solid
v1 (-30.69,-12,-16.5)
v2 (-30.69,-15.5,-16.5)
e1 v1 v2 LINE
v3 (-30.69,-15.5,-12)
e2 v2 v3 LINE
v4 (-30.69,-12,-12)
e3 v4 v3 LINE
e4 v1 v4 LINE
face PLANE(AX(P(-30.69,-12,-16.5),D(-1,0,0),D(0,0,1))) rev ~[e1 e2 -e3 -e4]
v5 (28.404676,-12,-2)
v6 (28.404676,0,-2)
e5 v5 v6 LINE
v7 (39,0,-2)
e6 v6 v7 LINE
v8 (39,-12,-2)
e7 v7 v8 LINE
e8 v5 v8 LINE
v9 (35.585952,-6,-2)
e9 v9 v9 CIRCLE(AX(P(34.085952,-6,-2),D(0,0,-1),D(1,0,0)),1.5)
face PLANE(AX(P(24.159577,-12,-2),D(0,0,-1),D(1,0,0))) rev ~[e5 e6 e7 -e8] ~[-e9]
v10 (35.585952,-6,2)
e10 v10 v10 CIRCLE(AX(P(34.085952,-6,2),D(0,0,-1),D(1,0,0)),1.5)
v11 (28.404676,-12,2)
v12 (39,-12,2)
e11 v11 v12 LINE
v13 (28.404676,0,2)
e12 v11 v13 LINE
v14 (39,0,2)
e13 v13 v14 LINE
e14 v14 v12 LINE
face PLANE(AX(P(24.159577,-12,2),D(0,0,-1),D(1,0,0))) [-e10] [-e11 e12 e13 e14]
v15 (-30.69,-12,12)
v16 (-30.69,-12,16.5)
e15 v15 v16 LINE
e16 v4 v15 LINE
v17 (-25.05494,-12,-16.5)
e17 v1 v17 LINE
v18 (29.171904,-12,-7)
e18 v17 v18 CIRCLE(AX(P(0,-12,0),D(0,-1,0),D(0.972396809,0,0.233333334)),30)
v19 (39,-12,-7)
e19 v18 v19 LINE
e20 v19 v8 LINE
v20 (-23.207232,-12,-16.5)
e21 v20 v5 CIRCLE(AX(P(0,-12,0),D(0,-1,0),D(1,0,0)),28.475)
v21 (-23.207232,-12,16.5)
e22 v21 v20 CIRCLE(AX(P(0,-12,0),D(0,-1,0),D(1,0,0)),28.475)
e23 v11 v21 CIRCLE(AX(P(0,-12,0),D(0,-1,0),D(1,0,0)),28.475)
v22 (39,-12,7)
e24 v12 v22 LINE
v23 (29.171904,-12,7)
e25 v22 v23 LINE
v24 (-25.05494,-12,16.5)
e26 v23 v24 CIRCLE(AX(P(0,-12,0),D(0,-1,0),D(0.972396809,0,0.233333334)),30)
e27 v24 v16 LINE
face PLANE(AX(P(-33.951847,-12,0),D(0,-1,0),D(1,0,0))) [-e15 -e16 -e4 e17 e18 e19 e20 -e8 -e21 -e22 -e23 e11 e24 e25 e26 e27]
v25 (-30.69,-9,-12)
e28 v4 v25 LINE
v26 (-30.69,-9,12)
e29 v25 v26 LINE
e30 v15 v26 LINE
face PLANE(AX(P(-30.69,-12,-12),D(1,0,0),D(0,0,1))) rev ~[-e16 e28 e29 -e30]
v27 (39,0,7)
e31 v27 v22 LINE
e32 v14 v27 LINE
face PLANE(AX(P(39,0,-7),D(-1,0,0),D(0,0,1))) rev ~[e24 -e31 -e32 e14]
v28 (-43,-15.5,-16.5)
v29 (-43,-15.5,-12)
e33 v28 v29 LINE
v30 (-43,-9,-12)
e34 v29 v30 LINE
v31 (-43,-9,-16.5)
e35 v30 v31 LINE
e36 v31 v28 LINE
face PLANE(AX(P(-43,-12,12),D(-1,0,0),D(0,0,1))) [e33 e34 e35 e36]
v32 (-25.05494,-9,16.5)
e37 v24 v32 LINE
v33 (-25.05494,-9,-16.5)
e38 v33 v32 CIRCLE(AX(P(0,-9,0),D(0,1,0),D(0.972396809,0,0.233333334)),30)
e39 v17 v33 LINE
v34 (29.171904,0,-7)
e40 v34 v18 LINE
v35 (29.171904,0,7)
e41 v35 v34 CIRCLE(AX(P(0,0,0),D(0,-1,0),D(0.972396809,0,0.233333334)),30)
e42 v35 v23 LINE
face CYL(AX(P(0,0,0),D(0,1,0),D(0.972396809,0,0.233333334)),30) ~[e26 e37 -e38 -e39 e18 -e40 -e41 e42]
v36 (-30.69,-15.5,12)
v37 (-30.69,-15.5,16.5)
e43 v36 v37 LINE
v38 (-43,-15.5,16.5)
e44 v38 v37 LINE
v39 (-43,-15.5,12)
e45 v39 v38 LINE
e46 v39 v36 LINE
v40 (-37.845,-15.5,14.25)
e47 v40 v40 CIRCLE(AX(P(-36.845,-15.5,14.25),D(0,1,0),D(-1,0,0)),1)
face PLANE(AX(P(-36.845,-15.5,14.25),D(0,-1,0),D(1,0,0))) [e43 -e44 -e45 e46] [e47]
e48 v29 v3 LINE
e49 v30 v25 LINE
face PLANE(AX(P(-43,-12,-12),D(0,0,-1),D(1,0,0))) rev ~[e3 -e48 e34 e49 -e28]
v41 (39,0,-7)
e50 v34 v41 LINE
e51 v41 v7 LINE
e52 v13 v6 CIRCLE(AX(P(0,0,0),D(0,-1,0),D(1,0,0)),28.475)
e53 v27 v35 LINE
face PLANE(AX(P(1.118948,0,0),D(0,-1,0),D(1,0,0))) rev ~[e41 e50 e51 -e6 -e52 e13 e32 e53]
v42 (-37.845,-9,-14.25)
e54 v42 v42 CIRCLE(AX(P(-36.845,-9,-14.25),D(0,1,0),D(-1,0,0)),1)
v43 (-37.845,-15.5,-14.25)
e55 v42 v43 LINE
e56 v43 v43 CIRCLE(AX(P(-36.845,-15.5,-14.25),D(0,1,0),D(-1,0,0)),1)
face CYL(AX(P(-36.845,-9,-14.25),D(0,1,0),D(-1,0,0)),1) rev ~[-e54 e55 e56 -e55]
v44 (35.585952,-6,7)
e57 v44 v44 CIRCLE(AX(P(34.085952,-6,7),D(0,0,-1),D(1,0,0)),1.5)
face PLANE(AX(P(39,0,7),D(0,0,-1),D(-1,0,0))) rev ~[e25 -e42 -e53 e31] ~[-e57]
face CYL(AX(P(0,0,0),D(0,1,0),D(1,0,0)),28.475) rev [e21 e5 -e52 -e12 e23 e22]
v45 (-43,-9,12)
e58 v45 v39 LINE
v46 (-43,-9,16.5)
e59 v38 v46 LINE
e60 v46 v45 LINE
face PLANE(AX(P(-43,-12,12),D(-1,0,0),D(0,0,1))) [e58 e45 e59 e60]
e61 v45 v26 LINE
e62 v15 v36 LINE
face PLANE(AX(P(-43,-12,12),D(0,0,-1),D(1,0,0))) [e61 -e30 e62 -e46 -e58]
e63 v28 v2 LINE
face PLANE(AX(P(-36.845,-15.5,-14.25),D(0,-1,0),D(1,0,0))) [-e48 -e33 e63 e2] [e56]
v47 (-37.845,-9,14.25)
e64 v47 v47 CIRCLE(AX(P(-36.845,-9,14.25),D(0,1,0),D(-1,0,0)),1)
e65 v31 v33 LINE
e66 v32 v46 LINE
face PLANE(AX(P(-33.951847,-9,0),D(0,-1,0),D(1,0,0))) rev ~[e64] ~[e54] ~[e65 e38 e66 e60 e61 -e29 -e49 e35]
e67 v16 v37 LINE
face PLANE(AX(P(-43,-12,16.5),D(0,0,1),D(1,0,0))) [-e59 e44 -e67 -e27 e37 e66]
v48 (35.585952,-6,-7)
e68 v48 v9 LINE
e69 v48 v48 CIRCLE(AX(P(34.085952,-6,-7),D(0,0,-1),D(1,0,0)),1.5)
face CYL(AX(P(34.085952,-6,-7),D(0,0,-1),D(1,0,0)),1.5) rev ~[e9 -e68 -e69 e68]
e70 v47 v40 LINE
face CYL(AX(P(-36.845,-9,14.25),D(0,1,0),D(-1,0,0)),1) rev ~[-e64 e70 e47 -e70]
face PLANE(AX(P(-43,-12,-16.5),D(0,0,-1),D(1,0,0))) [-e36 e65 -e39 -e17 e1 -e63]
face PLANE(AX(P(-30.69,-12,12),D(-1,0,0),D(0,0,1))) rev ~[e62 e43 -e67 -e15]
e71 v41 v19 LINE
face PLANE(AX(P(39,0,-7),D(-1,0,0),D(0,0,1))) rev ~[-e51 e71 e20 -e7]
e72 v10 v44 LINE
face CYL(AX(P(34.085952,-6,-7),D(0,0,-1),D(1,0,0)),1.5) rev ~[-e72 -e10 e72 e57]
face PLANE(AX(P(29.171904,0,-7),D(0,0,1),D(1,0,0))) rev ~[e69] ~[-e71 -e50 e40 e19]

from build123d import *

# Parameters (mm, degrees)
F0_R      = 28.475
F1_DEPTH  = 12
F2_W      = 19.991411
F2_H      = 4
F3_DEPTH  = 25
F4_R      = 1.5
F5_DEPTH  = 25
F7_DEPTH  = 3
F8_W      = 12.31
F8_H      = 4.5
F9_DEPTH  = 3.5
F10_W     = 12.31
F10_H     = 24
F11_DEPTH = 25
F12_R     = 1
F13_DEPTH = 25


with BuildPart() as f1:
    # F0 (on Front) → F1 (new body)
    with BuildSketch(Plane.XZ):
        with BuildLine():
            ThreePointArc((29.171904, -7), (29.792257, -3.524406), (30, 0))
            ThreePointArc((30, 0), (29.792257, 3.524406), (29.171904, 7))
            ThreePointArc((29.171904, 7), (-30, 0), (29.171904, -7))
        make_face()
        Circle(F0_R, mode=Mode.SUBTRACT)
        with BuildLine():
            Line((39, 0), (30, 0))
            ThreePointArc((30, 0), (29.792257, -3.524406), (29.171904, -7))
            Line((29.171904, -7), (39, -7))
            Line((39, -7), (39, 0))
        make_face()
        with BuildLine():
            ThreePointArc((29.171904, 7), (29.792257, 3.524406), (30, 0))
            Line((30, 0), (39, 0))
            Line((39, 0), (39, 7))
            Line((39, 7), (29.171904, 7))
        make_face()
    extrude(amount=F1_DEPTH)

    # F2 (on face) → F3 (cut)
    with BuildSketch(Plane.XZ.offset(12)):
        with Locations((34.155282, 0)):
            Rectangle(F2_W, F2_H)
    extrude(amount=-F3_DEPTH, mode=Mode.SUBTRACT)

    # F4 (on face) → F5 (cut)
    with BuildSketch(Plane(origin=(0, 0, -7), x_dir=(1, 0, 0), z_dir=(0, 0, -1))):
        with Locations((34.085952, 6)):
            Circle(F4_R)
    extrude(amount=-F5_DEPTH, mode=Mode.SUBTRACT)

    # F6 (on face) → F7 (join)
    with BuildSketch(Plane.XZ.offset(12)):
        with BuildLine():
            Line((-43, 16.5), (-43, 0))
            Line((-43, 0), (-43, -16.5))
            Line((-43, -16.5), (-25.05494, -16.5))
            Line((-25.05494, -16.5), (-23.207232, -16.5))
            ThreePointArc((-23.207232, -16.5), (-28.595733, 0), (-23.207232, 16.5))
            Line((-23.207232, 16.5), (-25.05494, 16.5))
            Line((-25.05494, 16.5), (-43, 16.5))
        make_face()
    extrude(amount=-F7_DEPTH)

    # F8 (on face) → F9 (join)
    with BuildSketch(Plane.XZ.offset(12)):
        with Locations((-36.845, 14.25)):
            Rectangle(F8_W, F8_H)
        with Locations((-36.845, -14.25)):
            Rectangle(F8_W, F8_H)
    extrude(amount=F9_DEPTH)

    # F10 (on face) → F11 (cut)
    with BuildSketch(Plane.XZ.offset(12)):
        with Locations((-36.845, 0)):
            Rectangle(F10_W, F10_H)
    extrude(amount=-F11_DEPTH, mode=Mode.SUBTRACT)

    # F12 (on face) → F13 (cut)
    with BuildSketch(Plane(origin=(0, -9, 0), x_dir=(-1, 0, 0), z_dir=(0, 1, 0))):
        with Locations((36.845, 14.25)):
            Circle(F12_R)
        with Locations((36.845, -14.25)):
            Circle(F12_R)
    extrude(amount=-F13_DEPTH, mode=Mode.SUBTRACT)


solid = f1.part
